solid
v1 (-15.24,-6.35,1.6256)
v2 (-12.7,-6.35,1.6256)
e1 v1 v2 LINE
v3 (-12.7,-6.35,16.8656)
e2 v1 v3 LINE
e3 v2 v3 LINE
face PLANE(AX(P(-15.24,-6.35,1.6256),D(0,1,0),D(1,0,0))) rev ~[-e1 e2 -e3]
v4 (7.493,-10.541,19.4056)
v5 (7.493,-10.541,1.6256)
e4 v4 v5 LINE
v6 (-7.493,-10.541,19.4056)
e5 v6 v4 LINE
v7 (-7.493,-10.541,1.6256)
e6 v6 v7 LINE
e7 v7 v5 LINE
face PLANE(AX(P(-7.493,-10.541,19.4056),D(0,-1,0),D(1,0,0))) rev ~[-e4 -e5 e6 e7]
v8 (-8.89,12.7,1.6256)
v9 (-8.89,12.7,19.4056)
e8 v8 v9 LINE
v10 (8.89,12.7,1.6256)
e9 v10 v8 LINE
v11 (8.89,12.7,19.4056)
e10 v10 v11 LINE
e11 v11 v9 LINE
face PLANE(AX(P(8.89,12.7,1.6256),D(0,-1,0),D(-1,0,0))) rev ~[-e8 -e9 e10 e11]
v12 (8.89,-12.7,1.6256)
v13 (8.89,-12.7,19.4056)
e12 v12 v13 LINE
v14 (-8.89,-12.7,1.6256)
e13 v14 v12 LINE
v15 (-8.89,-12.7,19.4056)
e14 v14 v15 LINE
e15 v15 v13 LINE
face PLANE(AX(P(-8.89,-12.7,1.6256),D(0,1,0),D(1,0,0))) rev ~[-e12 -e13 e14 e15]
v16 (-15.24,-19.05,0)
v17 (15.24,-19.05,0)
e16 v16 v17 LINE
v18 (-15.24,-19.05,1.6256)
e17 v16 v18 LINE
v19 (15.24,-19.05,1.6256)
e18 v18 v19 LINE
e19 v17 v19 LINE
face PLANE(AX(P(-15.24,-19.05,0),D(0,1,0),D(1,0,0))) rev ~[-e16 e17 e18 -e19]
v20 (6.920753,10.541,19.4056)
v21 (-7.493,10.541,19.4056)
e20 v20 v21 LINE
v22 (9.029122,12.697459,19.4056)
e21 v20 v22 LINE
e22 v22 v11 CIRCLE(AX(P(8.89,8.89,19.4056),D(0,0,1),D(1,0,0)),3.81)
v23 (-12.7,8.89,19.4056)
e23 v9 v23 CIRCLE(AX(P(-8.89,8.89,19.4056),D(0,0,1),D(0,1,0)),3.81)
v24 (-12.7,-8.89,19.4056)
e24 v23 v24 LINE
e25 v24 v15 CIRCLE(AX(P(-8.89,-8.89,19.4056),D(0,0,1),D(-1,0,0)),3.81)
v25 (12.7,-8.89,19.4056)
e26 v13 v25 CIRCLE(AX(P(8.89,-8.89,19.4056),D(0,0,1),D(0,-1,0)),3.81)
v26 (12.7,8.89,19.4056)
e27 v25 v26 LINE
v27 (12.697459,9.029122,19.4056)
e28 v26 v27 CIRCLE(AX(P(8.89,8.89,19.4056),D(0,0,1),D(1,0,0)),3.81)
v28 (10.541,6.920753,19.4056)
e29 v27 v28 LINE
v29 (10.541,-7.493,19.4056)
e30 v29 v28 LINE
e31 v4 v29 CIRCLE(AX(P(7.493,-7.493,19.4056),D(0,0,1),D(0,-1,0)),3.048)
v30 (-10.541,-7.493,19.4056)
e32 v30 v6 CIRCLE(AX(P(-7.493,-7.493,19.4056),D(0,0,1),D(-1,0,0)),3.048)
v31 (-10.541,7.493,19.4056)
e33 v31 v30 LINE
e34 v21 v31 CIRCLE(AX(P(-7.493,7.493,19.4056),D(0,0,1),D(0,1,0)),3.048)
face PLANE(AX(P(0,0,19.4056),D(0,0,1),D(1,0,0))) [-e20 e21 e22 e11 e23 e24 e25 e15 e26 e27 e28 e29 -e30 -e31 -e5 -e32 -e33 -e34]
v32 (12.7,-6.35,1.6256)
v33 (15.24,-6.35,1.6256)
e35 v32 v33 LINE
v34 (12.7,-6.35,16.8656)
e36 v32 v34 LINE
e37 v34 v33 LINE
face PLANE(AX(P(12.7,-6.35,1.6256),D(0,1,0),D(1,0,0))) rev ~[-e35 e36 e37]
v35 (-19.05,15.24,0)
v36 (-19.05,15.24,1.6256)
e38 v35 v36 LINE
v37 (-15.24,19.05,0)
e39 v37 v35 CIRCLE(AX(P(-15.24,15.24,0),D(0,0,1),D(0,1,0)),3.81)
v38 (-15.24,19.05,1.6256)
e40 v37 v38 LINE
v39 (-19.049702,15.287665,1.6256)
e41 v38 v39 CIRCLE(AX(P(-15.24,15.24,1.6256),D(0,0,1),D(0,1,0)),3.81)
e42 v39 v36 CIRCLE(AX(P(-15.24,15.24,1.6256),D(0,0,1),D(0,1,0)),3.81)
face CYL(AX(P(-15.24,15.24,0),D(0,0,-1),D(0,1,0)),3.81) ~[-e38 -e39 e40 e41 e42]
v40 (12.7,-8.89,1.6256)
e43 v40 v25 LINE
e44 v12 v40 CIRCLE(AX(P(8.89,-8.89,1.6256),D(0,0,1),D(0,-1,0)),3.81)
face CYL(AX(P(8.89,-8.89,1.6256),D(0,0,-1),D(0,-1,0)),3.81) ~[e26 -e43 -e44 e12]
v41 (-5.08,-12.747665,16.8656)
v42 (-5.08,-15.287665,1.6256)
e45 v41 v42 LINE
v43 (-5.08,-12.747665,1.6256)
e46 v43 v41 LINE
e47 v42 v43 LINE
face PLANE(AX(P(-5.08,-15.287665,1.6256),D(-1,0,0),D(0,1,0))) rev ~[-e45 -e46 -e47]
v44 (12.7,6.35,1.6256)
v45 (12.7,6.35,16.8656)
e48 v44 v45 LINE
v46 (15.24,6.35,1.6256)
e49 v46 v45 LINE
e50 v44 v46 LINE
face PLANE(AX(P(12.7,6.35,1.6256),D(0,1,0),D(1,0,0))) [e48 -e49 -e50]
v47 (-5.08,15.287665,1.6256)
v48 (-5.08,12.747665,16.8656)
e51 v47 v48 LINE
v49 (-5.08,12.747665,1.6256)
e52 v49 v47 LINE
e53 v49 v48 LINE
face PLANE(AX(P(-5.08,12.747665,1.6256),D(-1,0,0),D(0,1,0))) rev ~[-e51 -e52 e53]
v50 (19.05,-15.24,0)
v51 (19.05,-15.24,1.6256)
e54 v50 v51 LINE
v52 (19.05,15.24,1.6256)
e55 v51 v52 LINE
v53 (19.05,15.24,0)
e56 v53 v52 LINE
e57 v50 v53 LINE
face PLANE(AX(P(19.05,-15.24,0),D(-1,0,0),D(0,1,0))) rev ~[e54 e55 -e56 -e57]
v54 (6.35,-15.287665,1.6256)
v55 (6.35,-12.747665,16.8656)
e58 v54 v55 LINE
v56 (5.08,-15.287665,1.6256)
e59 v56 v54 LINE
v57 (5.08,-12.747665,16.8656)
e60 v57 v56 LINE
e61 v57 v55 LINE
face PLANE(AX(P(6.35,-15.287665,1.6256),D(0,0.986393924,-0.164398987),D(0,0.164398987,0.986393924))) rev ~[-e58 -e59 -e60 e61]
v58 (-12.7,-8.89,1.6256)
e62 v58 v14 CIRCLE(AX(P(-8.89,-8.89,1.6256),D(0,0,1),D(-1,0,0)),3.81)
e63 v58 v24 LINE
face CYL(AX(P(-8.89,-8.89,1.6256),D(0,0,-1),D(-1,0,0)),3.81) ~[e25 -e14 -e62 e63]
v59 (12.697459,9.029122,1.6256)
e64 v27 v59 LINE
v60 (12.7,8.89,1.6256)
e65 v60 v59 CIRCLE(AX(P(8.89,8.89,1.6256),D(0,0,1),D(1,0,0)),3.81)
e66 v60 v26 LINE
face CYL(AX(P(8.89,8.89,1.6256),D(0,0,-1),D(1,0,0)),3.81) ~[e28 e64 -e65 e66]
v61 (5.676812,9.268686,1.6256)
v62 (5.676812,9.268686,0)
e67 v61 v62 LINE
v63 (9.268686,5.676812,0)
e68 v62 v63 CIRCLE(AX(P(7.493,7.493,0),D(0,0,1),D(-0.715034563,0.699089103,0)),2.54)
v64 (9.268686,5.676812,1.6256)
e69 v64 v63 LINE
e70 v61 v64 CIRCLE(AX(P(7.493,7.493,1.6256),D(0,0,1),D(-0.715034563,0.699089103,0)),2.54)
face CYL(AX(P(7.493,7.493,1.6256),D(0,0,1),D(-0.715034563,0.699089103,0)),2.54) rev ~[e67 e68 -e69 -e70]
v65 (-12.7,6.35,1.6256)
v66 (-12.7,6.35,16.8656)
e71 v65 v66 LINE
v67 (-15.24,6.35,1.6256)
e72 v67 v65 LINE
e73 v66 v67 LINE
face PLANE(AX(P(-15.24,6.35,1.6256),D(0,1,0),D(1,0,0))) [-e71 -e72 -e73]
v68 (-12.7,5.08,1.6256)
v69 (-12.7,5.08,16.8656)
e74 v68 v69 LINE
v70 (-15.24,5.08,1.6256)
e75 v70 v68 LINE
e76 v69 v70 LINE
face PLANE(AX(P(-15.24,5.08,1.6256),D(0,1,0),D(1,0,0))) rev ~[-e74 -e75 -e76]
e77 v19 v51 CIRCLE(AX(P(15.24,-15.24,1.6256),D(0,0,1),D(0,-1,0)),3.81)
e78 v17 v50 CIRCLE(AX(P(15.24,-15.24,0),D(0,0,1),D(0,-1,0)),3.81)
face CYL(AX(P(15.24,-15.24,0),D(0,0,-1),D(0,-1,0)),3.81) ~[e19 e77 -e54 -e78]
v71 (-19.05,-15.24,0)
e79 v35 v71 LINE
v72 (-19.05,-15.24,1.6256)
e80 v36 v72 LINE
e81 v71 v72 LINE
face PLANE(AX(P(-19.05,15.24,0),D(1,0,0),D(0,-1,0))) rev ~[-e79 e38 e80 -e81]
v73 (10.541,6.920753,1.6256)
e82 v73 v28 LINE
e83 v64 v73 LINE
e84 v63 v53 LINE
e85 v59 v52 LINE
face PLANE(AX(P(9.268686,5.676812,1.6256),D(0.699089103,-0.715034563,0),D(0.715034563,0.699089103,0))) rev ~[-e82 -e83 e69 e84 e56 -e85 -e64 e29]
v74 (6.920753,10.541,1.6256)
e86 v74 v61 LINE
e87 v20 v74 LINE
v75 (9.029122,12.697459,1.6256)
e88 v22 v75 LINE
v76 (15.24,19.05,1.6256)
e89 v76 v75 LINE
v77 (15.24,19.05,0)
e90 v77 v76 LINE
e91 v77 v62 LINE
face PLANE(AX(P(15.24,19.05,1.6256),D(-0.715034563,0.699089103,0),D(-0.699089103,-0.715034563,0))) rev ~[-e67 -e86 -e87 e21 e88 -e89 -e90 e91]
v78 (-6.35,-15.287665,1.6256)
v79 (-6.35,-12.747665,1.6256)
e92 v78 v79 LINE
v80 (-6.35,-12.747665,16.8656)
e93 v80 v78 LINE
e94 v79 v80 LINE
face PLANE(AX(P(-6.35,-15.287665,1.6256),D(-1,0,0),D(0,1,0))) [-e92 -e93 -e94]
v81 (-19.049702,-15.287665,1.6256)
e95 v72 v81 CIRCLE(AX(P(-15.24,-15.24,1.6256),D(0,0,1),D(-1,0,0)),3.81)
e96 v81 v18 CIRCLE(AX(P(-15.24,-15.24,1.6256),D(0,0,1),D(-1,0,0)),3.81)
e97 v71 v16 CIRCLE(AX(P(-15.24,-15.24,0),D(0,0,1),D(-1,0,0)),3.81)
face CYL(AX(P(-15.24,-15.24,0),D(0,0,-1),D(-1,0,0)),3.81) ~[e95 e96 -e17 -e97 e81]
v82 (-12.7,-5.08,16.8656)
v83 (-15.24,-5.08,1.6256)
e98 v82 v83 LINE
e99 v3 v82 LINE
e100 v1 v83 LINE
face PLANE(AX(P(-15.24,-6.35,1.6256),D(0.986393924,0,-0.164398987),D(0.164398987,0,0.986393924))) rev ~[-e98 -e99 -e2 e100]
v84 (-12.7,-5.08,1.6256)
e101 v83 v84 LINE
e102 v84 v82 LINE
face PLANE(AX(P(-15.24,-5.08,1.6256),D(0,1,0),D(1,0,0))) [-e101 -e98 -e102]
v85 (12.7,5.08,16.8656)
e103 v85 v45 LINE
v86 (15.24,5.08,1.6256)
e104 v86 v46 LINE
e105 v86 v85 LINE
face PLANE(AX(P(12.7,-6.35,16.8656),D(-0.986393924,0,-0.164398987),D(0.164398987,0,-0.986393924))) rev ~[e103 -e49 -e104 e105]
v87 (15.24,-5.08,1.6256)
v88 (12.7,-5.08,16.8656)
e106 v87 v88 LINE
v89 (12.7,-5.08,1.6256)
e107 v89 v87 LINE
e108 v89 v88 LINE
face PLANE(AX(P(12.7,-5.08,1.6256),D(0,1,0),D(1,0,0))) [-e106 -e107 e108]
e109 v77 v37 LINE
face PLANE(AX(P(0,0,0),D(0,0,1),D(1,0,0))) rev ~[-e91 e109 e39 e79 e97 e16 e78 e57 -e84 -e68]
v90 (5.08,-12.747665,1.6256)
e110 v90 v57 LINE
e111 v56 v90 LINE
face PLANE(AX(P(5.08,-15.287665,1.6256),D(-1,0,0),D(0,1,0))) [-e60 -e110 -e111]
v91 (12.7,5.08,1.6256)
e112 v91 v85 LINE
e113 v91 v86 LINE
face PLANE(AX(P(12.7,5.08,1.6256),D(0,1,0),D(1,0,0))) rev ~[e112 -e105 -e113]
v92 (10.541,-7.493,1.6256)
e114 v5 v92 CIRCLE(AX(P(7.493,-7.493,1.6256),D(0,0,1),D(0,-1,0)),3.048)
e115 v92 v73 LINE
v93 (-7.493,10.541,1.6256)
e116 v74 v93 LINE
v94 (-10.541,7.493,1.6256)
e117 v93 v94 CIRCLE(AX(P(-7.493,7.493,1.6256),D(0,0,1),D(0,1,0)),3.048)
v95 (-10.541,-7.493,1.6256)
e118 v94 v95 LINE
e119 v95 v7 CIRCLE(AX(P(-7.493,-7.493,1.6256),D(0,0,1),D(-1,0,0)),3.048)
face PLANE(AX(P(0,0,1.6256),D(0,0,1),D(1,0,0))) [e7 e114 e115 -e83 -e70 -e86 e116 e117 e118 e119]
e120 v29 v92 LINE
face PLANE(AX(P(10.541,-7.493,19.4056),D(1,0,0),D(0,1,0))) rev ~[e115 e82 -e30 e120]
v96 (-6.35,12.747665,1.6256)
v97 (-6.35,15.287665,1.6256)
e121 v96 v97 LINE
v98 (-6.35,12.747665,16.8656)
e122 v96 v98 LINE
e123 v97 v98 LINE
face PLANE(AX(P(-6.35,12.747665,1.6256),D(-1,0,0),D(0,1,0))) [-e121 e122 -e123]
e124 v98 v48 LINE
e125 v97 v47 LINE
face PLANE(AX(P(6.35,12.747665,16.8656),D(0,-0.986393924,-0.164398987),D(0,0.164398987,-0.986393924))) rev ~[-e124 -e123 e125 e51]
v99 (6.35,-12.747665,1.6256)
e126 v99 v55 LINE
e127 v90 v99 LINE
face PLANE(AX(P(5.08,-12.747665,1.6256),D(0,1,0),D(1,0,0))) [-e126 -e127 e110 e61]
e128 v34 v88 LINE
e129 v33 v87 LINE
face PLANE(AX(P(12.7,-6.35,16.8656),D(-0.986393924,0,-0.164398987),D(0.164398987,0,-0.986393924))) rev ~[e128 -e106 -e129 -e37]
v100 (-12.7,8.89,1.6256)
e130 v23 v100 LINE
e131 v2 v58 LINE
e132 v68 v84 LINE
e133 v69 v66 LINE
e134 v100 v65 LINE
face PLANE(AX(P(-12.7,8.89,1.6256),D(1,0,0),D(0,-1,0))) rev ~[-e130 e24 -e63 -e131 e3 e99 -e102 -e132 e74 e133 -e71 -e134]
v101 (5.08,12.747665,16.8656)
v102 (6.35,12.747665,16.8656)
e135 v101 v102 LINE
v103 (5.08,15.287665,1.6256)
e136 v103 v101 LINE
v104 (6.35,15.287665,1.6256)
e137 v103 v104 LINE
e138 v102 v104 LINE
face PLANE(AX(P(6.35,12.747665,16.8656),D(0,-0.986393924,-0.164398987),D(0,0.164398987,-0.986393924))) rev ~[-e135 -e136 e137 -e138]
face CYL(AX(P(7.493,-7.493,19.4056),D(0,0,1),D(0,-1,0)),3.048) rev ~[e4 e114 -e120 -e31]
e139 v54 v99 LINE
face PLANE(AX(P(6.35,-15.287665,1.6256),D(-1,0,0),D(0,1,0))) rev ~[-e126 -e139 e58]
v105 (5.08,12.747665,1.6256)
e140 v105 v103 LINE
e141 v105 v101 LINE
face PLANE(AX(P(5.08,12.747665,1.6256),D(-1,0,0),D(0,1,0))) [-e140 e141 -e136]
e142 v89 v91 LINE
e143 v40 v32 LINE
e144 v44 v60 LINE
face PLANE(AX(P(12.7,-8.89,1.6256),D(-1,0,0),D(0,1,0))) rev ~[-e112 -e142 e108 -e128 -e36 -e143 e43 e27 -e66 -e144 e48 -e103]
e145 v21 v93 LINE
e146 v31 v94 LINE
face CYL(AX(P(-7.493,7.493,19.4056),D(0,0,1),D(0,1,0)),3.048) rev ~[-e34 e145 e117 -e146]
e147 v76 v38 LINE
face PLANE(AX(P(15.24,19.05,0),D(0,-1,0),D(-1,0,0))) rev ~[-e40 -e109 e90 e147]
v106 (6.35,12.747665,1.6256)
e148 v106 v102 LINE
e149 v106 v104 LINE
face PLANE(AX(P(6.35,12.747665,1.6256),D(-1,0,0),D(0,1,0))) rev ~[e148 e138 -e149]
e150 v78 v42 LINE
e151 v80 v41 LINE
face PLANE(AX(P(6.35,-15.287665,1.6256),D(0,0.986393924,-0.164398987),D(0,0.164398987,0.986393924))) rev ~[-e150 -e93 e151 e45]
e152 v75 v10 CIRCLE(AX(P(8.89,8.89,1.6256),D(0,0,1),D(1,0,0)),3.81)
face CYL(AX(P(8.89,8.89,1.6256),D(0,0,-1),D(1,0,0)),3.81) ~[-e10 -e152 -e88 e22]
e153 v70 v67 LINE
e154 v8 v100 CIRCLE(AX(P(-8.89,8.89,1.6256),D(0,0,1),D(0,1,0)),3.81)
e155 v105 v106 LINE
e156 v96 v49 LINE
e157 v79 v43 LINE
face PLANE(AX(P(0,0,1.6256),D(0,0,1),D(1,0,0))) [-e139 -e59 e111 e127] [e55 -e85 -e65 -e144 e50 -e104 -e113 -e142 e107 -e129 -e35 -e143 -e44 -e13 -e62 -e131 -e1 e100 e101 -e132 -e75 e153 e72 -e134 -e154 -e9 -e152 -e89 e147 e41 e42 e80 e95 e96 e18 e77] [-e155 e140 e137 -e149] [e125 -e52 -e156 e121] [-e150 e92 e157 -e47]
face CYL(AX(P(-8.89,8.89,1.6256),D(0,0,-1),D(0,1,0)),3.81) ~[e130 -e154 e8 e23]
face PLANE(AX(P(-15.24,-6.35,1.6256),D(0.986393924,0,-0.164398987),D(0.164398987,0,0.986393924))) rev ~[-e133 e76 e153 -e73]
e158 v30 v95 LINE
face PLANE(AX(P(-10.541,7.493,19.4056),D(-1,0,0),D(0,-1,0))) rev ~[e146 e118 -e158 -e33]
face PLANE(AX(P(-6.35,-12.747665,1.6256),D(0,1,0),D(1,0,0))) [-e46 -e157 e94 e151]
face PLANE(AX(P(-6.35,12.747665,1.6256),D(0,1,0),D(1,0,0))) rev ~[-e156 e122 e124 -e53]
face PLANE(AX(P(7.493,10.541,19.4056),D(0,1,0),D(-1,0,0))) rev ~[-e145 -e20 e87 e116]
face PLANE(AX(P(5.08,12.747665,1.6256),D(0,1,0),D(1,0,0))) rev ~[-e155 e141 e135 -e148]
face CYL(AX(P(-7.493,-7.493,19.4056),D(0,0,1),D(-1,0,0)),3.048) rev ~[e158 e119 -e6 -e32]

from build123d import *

# Parameters (mm, degrees)
F1_DEPTH       = 1.6256
F3_DEPTH       = 17.78
F5_DEPTH       = 17.78
F6_W           = 2.54
F6_H           = 1.27
F6_W_2         = 1.27
F6_H_2         = 2.54
F7_DEPTH       = 15.24
F9_DEPTH       = 25.401
F11_DEPTH      = 25.401
F13_DEPTH      = 1.6266
F13_DEPTH_BACK = 17.781


with BuildPart() as f1:
    # F0 (on Top) → F1 (new body)
    with BuildSketch(Plane.XY):
        with BuildLine():
            Line((-15.24, -19.05), (15.24, -19.05))
            ThreePointArc((15.24, -19.05), (17.9340768363, -17.9340768363), (19.05, -15.24))
            Line((19.05, -15.24), (19.05, 15.24))
            ThreePointArc((19.05, 15.24), (17.9340768363, 17.9340768363), (15.24, 19.05))
            Line((15.24, 19.05), (-15.24, 19.05))
            ThreePointArc((-15.24, 19.05), (-17.9340768363, 17.9340768363), (-19.05, 15.24))
            Line((-19.05, 15.24), (-19.05, -15.24))
            ThreePointArc((-19.05, -15.24), (-17.9340768363, -17.9340768363), (-15.24, -19.05))
        make_face()
    extrude(amount=F1_DEPTH)

    # F2 (on face) → F3 (join)
    with BuildSketch(Plane.XY.offset(1.6256)):
        with BuildLine():
            Line((-8.89, -12.7), (8.89, -12.7))
            ThreePointArc((8.89, -12.7), (11.5840768363, -11.5840768363), (12.7, -8.89))
            Line((12.7, -8.89), (12.7, 8.89))
            ThreePointArc((12.7, 8.89), (11.5840768363, 11.5840768363), (8.89, 12.7))
            Line((8.89, 12.7), (-8.89, 12.7))
            ThreePointArc((-8.89, 12.7), (-11.5840768363, 11.5840768363), (-12.7, 8.89))
            Line((-12.7, 8.89), (-12.7, -8.89))
            ThreePointArc((-12.7, -8.89), (-11.5840768363, -11.5840768363), (-8.89, -12.7))
        make_face()
    extrude(amount=F3_DEPTH)

    # F4 (on face) → F5 (cut, through all)
    with BuildSketch(Plane.XY.offset(19.4056)):
        with BuildLine():
            ThreePointArc((-10.541, -7.493), (-9.6482614691, -9.6482614691), (-7.493, -10.541))
            Line((-7.493, -10.541), (7.493, -10.541))
            ThreePointArc((7.493, -10.541), (9.6482614691, -9.6482614691), (10.541, -7.493))
            Line((10.541, -7.493), (10.541, 7.493))
            ThreePointArc((10.541, 7.493), (9.6482614691, 9.6482614691), (7.493, 10.541))
            Line((7.493, 10.541), (-7.493, 10.541))
            ThreePointArc((-7.493, 10.541), (-9.6482614691, 9.6482614691), (-10.541, 7.493))
            Line((-10.541, 7.493), (-10.541, -7.493))
        make_face()
    extrude(amount=-F5_DEPTH, mode=Mode.SUBTRACT)

    # F6 (on face) → F7 (join)
    with BuildSketch(Plane.XY.offset(1.6256)):
        with Locations((13.97, 5.715)):
            Rectangle(F6_W, F6_H)
        with Locations((-13.97, 5.715)):
            Rectangle(F6_W, F6_H)
        with Locations((-13.97, -5.715)):
            Rectangle(F6_W, F6_H)
        with Locations((13.97, -5.715)):
            Rectangle(F6_W, F6_H)
        with Locations((5.715, 14.0176649359)):
            Rectangle(F6_W_2, F6_H_2)
        with Locations((-5.715, 14.0176649359)):
            Rectangle(F6_W_2, F6_H_2)
        with Locations((5.715, -14.0176649359)):
            Rectangle(F6_W_2, F6_H_2)
        with Locations((-5.715, -14.0176649359)):
            Rectangle(F6_W_2, F6_H_2)
    extrude(amount=F7_DEPTH)

    # F8 (on face) → F9 (cut, through all)
    with BuildSketch(Plane.XZ.offset(6.35)):
        Polygon((15.24, 16.8656), (12.7, 16.8656), (15.24, 1.6256), align=None)
        Polygon((-15.24, 1.6256), (-12.7, 16.8656), (-15.24, 16.8656), align=None)
    extrude(amount=-F9_DEPTH, mode=Mode.SUBTRACT)

    # F10 (on face) → F11 (cut, through all)
    with BuildSketch(Plane.YZ.offset(6.35)):
        Polygon((15.2876649359, 16.8656), (12.7476649359, 16.8656), (15.2876649359, 1.6256), align=None)
        Polygon((-15.2876649359, 1.6256), (-12.7476649359, 16.8656), (-15.2876649359, 16.8656), align=None)
    extrude(amount=-F11_DEPTH, mode=Mode.SUBTRACT)

    # F12 (on face) → F13 (cut, two sides)
    with BuildSketch(Plane.XY.offset(1.6256)) as f13_sk:
        with BuildLine():
            Line((15.24, 19.05), (5.6768122097, 9.268686321))
            ThreePointArc((5.6768122097, 9.268686321), (5.6969487758, 5.6969487758), (9.268686321, 5.6768122097))
            Line((9.268686321, 5.6768122097), (19.05, 15.24))
            ThreePointArc((19.05, 15.24), (17.9340768363, 17.9340768363), (15.24, 19.05))
        make_face()
    extrude(amount=-F13_DEPTH, mode=Mode.SUBTRACT)
    extrude(f13_sk.sketch, amount=F13_DEPTH_BACK, mode=Mode.SUBTRACT)


solid = f1.part
